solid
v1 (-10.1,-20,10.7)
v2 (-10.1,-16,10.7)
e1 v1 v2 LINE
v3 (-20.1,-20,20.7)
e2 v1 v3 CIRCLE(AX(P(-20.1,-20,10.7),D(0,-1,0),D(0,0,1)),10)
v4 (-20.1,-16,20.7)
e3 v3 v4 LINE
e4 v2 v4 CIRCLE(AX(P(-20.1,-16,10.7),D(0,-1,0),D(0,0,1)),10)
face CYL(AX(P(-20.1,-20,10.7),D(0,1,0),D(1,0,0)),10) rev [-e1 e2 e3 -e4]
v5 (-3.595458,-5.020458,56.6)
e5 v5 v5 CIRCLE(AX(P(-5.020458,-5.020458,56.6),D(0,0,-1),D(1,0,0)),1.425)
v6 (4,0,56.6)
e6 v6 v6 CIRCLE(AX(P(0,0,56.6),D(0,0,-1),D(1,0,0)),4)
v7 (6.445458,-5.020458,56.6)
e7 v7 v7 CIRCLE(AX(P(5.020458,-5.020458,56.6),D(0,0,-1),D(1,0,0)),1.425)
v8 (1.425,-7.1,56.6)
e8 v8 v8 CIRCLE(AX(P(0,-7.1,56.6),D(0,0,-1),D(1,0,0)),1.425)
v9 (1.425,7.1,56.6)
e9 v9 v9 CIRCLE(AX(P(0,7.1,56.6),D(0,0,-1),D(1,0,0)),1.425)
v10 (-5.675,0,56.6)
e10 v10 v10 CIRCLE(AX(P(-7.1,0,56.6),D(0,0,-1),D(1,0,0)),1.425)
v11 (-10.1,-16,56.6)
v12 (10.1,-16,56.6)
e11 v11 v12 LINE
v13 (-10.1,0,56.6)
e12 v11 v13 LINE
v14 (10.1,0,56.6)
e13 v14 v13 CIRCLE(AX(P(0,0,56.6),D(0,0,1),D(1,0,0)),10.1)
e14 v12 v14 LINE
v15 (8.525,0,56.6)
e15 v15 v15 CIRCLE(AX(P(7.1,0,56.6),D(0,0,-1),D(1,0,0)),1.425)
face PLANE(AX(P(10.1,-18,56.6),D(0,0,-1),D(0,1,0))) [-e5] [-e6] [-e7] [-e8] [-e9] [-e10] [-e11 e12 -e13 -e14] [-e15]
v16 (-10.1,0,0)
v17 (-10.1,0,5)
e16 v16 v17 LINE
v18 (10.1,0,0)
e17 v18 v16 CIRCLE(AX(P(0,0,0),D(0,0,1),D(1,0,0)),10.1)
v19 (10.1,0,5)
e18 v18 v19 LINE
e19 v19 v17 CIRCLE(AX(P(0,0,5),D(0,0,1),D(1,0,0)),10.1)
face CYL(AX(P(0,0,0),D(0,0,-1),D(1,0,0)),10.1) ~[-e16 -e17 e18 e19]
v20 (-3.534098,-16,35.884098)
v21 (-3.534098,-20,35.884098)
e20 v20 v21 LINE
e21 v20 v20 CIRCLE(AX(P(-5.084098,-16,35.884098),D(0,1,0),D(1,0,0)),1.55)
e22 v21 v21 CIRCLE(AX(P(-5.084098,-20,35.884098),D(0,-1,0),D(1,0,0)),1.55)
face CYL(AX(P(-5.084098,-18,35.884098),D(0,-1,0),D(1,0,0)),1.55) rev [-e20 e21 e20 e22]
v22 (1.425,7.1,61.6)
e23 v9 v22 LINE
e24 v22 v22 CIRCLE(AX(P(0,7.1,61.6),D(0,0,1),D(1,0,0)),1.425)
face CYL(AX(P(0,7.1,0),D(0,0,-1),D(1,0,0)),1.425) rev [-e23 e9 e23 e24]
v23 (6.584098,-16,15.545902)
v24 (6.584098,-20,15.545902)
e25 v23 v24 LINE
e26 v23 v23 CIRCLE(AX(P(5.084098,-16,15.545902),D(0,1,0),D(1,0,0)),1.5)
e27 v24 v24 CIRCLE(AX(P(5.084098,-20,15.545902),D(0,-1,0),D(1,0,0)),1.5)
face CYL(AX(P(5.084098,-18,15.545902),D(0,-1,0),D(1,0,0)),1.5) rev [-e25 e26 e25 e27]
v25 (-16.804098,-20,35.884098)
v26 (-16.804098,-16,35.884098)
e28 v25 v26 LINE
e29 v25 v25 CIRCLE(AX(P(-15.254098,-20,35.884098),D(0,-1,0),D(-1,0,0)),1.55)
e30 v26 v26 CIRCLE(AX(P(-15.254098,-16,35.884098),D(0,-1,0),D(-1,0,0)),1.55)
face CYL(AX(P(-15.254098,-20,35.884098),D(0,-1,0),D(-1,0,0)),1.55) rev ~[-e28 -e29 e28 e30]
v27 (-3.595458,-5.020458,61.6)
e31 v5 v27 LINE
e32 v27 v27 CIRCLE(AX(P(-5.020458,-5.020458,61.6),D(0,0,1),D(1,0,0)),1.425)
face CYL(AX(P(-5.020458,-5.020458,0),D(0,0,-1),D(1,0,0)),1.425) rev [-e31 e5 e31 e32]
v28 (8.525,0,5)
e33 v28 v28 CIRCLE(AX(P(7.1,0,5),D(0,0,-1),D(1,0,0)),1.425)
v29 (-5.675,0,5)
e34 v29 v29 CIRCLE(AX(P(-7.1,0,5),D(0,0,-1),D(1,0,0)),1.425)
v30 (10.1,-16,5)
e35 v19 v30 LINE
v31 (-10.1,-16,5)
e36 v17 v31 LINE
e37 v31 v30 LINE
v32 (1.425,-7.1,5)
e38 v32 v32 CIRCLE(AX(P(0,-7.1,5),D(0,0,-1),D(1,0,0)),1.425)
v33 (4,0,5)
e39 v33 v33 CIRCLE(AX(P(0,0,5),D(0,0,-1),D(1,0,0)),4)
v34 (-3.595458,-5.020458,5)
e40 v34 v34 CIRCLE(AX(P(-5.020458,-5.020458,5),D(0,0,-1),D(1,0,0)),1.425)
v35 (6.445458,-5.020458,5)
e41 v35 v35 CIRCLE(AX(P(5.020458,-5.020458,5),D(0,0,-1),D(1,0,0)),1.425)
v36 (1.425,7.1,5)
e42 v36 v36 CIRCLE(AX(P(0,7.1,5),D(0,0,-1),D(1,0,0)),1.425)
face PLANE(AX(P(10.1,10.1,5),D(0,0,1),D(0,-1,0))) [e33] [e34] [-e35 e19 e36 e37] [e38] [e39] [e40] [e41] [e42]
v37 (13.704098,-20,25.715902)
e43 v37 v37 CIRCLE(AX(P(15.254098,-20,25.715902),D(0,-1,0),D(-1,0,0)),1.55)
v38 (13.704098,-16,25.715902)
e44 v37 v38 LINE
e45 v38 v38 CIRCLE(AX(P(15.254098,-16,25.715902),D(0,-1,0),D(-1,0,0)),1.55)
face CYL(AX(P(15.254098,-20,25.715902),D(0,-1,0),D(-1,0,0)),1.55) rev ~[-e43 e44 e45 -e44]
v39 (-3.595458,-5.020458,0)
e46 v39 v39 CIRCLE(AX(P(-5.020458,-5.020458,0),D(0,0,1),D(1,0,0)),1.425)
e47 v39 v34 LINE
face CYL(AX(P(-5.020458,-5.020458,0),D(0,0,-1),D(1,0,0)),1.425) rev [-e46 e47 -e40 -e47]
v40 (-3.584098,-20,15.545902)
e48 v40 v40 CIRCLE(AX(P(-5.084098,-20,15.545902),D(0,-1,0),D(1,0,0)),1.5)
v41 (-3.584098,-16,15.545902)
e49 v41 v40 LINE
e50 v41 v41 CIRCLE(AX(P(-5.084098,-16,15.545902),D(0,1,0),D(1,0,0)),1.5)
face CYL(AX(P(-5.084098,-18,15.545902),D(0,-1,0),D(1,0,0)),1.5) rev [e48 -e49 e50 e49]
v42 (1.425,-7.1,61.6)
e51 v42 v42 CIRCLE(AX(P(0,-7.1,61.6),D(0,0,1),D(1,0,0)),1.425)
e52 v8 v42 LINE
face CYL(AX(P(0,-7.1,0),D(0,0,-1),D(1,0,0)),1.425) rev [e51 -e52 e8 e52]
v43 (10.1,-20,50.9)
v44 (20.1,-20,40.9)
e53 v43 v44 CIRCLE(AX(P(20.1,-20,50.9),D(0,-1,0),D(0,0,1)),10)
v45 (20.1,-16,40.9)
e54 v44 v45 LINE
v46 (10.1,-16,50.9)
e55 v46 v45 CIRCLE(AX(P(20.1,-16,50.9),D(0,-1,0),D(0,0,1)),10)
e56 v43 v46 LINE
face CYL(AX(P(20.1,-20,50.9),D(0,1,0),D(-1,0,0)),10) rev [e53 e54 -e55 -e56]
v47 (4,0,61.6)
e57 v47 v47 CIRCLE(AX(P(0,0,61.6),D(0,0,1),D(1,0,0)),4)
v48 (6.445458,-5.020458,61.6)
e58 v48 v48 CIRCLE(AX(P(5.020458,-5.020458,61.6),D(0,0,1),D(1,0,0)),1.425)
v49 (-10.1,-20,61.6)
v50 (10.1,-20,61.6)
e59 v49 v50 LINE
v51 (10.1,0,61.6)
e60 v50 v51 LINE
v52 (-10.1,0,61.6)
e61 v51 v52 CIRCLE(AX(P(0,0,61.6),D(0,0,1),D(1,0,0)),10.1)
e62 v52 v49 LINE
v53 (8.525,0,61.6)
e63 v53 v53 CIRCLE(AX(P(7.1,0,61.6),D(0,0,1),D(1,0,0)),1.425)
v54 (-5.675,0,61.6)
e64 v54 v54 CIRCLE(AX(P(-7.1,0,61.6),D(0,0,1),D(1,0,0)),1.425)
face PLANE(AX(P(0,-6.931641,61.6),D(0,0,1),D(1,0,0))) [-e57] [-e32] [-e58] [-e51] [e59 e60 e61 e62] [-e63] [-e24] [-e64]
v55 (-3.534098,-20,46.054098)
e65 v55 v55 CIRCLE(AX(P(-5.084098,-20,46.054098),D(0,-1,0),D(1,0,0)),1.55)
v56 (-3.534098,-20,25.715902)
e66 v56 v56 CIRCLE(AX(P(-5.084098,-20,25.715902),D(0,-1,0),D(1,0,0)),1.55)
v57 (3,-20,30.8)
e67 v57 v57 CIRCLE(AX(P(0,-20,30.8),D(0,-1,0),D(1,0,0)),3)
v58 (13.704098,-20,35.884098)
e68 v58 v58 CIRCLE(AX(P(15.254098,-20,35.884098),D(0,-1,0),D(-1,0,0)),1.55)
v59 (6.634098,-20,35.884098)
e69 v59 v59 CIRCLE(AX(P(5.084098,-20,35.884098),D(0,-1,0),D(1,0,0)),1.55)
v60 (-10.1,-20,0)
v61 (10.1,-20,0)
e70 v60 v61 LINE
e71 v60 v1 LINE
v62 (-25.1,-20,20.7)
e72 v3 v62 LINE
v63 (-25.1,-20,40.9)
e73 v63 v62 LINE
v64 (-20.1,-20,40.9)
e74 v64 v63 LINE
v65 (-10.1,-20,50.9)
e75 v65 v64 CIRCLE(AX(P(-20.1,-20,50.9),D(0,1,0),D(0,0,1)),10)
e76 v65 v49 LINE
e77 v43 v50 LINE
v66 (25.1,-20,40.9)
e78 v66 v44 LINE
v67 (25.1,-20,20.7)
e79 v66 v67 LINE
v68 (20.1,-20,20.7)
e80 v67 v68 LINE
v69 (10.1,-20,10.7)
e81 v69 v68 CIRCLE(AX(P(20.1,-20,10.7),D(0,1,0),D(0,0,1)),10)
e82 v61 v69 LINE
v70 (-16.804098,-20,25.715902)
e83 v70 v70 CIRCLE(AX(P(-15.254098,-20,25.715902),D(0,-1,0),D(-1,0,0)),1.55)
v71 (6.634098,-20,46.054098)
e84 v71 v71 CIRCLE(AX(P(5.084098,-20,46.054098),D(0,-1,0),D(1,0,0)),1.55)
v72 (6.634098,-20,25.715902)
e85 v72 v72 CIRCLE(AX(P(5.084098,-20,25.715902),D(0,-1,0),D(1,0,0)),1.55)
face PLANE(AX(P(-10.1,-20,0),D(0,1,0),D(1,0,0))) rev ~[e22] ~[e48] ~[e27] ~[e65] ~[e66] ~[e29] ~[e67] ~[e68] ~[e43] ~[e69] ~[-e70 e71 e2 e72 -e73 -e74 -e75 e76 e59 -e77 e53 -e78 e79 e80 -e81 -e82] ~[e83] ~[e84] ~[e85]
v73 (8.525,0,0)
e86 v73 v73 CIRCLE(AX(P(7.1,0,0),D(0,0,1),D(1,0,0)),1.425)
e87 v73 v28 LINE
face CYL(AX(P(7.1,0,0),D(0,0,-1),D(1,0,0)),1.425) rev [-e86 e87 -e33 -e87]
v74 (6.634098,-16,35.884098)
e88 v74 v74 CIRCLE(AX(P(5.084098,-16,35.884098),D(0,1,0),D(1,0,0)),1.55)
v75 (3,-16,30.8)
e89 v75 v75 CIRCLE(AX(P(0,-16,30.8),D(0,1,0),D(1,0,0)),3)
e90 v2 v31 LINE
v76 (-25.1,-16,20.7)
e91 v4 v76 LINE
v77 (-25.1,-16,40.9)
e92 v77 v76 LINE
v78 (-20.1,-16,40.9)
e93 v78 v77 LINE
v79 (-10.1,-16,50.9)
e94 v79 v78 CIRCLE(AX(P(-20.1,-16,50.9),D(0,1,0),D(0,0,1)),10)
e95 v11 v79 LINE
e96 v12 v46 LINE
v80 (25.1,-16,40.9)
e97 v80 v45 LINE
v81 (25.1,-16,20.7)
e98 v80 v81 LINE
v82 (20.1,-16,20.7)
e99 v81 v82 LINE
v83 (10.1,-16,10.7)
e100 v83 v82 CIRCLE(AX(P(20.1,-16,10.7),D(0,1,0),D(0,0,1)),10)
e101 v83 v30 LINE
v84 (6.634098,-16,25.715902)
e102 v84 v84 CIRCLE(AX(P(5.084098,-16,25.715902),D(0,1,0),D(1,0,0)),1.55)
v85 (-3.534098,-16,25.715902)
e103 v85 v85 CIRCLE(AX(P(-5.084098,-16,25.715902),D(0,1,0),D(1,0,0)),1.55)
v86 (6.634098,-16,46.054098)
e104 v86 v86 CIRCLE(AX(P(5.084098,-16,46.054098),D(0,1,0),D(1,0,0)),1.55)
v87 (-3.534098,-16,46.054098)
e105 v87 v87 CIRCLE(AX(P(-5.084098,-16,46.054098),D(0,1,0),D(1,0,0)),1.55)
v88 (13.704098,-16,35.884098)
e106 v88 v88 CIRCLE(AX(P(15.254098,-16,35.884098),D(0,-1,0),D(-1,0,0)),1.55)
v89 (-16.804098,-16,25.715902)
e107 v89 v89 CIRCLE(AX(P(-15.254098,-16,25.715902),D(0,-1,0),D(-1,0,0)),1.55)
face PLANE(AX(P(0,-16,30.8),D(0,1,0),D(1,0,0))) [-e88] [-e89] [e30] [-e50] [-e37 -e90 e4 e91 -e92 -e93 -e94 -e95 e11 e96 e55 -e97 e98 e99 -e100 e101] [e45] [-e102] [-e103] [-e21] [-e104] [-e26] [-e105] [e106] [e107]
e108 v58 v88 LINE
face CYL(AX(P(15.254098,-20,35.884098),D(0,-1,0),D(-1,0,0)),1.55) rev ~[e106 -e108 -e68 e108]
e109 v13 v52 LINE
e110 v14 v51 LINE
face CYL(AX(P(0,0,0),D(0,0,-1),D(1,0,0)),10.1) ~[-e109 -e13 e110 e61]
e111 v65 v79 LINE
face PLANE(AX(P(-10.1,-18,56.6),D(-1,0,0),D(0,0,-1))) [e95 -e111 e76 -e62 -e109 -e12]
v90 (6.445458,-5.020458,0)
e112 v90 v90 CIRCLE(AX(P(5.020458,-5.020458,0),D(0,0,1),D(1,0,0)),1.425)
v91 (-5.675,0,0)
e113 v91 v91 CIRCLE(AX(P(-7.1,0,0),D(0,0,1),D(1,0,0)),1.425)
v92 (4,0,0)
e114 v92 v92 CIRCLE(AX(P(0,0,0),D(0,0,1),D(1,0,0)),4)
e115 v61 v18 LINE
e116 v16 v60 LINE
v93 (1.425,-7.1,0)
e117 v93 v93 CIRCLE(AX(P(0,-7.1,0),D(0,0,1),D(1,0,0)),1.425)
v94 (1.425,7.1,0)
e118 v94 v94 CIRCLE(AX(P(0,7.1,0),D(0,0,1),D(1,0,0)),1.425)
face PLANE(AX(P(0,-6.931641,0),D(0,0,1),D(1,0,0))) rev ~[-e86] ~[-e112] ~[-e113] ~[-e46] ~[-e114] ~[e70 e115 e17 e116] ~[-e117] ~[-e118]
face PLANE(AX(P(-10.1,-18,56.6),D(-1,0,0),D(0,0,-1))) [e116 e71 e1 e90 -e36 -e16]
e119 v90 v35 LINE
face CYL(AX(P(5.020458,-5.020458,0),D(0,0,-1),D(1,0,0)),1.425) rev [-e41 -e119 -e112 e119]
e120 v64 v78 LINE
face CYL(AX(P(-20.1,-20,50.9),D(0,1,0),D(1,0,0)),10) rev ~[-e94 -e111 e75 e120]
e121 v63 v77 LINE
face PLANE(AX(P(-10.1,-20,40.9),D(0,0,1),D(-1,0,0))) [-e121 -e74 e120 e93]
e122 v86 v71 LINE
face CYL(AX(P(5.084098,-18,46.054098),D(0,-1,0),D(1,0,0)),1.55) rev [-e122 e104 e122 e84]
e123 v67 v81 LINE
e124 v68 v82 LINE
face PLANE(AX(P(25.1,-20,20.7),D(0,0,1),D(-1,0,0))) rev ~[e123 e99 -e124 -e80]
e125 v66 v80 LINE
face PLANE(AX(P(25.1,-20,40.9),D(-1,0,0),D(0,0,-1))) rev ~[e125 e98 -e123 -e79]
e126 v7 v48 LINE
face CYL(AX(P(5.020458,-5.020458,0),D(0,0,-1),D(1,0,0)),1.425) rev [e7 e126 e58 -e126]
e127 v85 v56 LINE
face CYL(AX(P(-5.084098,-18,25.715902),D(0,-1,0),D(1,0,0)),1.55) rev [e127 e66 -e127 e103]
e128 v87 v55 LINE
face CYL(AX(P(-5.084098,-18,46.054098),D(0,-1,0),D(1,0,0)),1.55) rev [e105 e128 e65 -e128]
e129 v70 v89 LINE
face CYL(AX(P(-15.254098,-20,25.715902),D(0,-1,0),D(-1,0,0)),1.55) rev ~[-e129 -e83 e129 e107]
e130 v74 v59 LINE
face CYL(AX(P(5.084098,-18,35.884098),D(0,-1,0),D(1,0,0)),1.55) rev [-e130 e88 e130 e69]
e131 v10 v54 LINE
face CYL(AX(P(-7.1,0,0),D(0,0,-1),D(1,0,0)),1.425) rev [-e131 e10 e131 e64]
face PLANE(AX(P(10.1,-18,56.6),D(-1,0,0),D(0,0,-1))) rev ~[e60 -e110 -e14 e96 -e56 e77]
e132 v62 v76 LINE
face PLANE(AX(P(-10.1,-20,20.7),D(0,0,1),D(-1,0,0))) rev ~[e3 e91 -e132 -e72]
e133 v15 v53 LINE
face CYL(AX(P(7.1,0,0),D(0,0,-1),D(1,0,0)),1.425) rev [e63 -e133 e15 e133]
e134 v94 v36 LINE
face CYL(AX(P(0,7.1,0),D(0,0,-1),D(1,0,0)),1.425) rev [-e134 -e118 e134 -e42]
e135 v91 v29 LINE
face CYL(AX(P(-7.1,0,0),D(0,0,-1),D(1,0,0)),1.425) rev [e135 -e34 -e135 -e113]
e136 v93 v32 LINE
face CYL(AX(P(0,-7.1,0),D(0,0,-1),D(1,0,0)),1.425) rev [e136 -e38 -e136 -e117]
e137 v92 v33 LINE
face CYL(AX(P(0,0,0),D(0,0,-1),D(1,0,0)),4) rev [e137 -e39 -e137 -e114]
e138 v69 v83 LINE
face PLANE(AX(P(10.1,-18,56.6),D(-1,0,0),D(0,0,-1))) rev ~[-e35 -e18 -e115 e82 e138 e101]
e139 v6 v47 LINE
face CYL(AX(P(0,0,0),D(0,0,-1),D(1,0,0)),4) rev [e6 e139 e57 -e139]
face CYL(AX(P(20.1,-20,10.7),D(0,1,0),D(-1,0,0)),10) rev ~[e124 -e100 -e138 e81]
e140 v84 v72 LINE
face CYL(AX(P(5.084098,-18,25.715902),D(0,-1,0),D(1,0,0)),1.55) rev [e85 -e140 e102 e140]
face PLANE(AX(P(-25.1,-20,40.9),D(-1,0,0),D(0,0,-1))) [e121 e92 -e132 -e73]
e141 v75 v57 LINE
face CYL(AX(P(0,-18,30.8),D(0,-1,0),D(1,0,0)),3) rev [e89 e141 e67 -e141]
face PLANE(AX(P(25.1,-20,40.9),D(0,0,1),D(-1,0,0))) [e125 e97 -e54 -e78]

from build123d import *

# Parameters (mm, degrees)
SKETCH1_R           = 4
SKETCH1_R_2         = 1.425
BOSS_EXTRUDE1_DEPTH = 61.6
CUT_EXTRUDE1_DEPTH  = 55.6
SKETCH3_R           = 3
SKETCH3_R_2         = 1.55
SKETCH3_R_3         = 1.5
CUT_EXTRUDE2_DEPTH  = 10
SKETCH4_W           = 20.2
SKETCH4_H           = 51.6
SKETCH4_R           = 3
SKETCH4_R_2         = 1.55
SKETCH4_R_3         = 1.5
BOSS_EXTRUDE2_DEPTH = 2
SKETCH5_W           = 15
SKETCH5_H           = 20.2
BOSS_EXTRUDE3_DEPTH = 4
SKETCH6_R           = 1.55
CUT_EXTRUDE3_DEPTH  = 4
FILLET1_R           = 10


with BuildPart() as part:
    # Sketch1 → Boss-Extrude1 (new body)
    with BuildSketch(Plane.XY):
        with BuildLine():
            Line((-10.1, 0), (-10.1, -20))
            Line((-10.1, -20), (10.1, -20))
            Line((10.1, -20), (10.1, 0))
            ThreePointArc((10.1, 0), (0, 10.1), (-10.1, 0))
        make_face()
        Circle(SKETCH1_R, mode=Mode.SUBTRACT)
        with Locations((0, 7.1)):
            Circle(SKETCH1_R_2, mode=Mode.SUBTRACT)
        with Locations((7.1, 0)):
            Circle(SKETCH1_R_2, mode=Mode.SUBTRACT)
        with Locations((5.020458146, -5.020458146)):
            Circle(SKETCH1_R_2, mode=Mode.SUBTRACT)
        with Locations((0, -7.1)):
            Circle(SKETCH1_R_2, mode=Mode.SUBTRACT)
        with Locations((-5.020458146, -5.020458146)):
            Circle(SKETCH1_R_2, mode=Mode.SUBTRACT)
        with Locations((-7.1, 0)):
            Circle(SKETCH1_R_2, mode=Mode.SUBTRACT)
    extrude(amount=BOSS_EXTRUDE1_DEPTH)

    # Sketch2 → Cut-Extrude1 (cut)
    with BuildSketch(Plane(origin=(10.1, 0, 0), x_dir=(0, 0, -1), z_dir=(1, 0, 0))):
        Polygon((-11.799884689, -18), (-56.6, -18), (-56.6, 10.1), (-5, 10.1), (-5, -18), align=None)
    extrude(amount=-CUT_EXTRUDE1_DEPTH, mode=Mode.SUBTRACT)

    # Sketch3 → Cut-Extrude2 (cut)
    with BuildSketch(Plane.XZ.offset(20)):
        with Locations((0, 30.8)):
            Circle(SKETCH3_R)
        with Locations((-5.084097757, 35.884097757)):
            Circle(SKETCH3_R_2)
        with Locations((5.084097757, 35.884097757)):
            Circle(SKETCH3_R_2)
        with Locations((5.084097757, 25.715902243)):
            Circle(SKETCH3_R_2)
        with Locations((-5.084097757, 25.715902243)):
            Circle(SKETCH3_R_2)
        with Locations((-5.084097757, 46.054097757)):
            Circle(SKETCH3_R_2)
        with Locations((5.084097757, 46.054097757)):
            Circle(SKETCH3_R_2)
        with Locations((-5.084097757, 15.545902243)):
            Circle(SKETCH3_R_3)
        with Locations((5.084097757, 15.545902243)):
            Circle(SKETCH3_R_3)
    extrude(amount=-CUT_EXTRUDE2_DEPTH, mode=Mode.SUBTRACT)

    # Sketch4 → Boss-Extrude2 (add)
    with BuildSketch(Plane(origin=(0, -18, 0), x_dir=(1, 0, 0), z_dir=(0, 1, 0))):
        with Locations((0, -30.8)):
            Rectangle(SKETCH4_W, SKETCH4_H)
        with Locations((0, -30.8)):
            Circle(SKETCH4_R, mode=Mode.SUBTRACT)
        with Locations((-5.084097757, -25.715902243)):
            Circle(SKETCH4_R_2, mode=Mode.SUBTRACT)
        with Locations((5.084097757, -25.715902243)):
            Circle(SKETCH4_R_2, mode=Mode.SUBTRACT)
        with Locations((5.084097757, -15.545902243)):
            Circle(SKETCH4_R_3, mode=Mode.SUBTRACT)
        with Locations((-5.084097757, -15.545902243)):
            Circle(SKETCH4_R_3, mode=Mode.SUBTRACT)
        with Locations((-5.084097757, -35.884097757)):
            Circle(SKETCH4_R_2, mode=Mode.SUBTRACT)
        with Locations((5.084097757, -35.884097757)):
            Circle(SKETCH4_R_2, mode=Mode.SUBTRACT)
        with Locations((-5.084097757, -46.054097757)):
            Circle(SKETCH4_R_2, mode=Mode.SUBTRACT)
        with Locations((5.084097757, -46.054097757)):
            Circle(SKETCH4_R_2, mode=Mode.SUBTRACT)
    extrude(amount=BOSS_EXTRUDE2_DEPTH)

    # Sketch5 → Boss-Extrude3 (add)
    with BuildSketch(Plane(origin=(0, -20, 0), x_dir=(-1, 0, 0), z_dir=(0, -1, 0))):
        with Locations((17.6, -30.8)):
            Rectangle(SKETCH5_W, SKETCH5_H)
        with Locations((-17.6, -30.8)):
            Rectangle(SKETCH5_W, SKETCH5_H)
    extrude(amount=-BOSS_EXTRUDE3_DEPTH)

    # Sketch6 → Cut-Extrude3 (cut)
    with BuildSketch(Plane(origin=(0, -20, 0), x_dir=(-1, 0, 0), z_dir=(0, -1, 0))):
        with Locations((15.254097757, -25.715902243)):
            Circle(SKETCH6_R)
        with Locations((15.254097757, -35.884097757)):
            Circle(SKETCH6_R)
        with Locations((-15.254097757, -25.715902243)):
            Circle(SKETCH6_R)
        with Locations((-15.254097757, -35.884097757)):
            Circle(SKETCH6_R)
    extrude(amount=-CUT_EXTRUDE3_DEPTH, mode=Mode.SUBTRACT)

    # Fillet1
    fillet1_edges = [part.edges().sort_by_distance(p)[0] for p in [
        (-10.1, -18, 20.7),
        (-10.1, -18, 40.9),
        (10.1, -18, 40.9),
        (10.1, -18, 20.7),
    ]]
    fillet(fillet1_edges, radius=FILLET1_R)


solid = part.part
